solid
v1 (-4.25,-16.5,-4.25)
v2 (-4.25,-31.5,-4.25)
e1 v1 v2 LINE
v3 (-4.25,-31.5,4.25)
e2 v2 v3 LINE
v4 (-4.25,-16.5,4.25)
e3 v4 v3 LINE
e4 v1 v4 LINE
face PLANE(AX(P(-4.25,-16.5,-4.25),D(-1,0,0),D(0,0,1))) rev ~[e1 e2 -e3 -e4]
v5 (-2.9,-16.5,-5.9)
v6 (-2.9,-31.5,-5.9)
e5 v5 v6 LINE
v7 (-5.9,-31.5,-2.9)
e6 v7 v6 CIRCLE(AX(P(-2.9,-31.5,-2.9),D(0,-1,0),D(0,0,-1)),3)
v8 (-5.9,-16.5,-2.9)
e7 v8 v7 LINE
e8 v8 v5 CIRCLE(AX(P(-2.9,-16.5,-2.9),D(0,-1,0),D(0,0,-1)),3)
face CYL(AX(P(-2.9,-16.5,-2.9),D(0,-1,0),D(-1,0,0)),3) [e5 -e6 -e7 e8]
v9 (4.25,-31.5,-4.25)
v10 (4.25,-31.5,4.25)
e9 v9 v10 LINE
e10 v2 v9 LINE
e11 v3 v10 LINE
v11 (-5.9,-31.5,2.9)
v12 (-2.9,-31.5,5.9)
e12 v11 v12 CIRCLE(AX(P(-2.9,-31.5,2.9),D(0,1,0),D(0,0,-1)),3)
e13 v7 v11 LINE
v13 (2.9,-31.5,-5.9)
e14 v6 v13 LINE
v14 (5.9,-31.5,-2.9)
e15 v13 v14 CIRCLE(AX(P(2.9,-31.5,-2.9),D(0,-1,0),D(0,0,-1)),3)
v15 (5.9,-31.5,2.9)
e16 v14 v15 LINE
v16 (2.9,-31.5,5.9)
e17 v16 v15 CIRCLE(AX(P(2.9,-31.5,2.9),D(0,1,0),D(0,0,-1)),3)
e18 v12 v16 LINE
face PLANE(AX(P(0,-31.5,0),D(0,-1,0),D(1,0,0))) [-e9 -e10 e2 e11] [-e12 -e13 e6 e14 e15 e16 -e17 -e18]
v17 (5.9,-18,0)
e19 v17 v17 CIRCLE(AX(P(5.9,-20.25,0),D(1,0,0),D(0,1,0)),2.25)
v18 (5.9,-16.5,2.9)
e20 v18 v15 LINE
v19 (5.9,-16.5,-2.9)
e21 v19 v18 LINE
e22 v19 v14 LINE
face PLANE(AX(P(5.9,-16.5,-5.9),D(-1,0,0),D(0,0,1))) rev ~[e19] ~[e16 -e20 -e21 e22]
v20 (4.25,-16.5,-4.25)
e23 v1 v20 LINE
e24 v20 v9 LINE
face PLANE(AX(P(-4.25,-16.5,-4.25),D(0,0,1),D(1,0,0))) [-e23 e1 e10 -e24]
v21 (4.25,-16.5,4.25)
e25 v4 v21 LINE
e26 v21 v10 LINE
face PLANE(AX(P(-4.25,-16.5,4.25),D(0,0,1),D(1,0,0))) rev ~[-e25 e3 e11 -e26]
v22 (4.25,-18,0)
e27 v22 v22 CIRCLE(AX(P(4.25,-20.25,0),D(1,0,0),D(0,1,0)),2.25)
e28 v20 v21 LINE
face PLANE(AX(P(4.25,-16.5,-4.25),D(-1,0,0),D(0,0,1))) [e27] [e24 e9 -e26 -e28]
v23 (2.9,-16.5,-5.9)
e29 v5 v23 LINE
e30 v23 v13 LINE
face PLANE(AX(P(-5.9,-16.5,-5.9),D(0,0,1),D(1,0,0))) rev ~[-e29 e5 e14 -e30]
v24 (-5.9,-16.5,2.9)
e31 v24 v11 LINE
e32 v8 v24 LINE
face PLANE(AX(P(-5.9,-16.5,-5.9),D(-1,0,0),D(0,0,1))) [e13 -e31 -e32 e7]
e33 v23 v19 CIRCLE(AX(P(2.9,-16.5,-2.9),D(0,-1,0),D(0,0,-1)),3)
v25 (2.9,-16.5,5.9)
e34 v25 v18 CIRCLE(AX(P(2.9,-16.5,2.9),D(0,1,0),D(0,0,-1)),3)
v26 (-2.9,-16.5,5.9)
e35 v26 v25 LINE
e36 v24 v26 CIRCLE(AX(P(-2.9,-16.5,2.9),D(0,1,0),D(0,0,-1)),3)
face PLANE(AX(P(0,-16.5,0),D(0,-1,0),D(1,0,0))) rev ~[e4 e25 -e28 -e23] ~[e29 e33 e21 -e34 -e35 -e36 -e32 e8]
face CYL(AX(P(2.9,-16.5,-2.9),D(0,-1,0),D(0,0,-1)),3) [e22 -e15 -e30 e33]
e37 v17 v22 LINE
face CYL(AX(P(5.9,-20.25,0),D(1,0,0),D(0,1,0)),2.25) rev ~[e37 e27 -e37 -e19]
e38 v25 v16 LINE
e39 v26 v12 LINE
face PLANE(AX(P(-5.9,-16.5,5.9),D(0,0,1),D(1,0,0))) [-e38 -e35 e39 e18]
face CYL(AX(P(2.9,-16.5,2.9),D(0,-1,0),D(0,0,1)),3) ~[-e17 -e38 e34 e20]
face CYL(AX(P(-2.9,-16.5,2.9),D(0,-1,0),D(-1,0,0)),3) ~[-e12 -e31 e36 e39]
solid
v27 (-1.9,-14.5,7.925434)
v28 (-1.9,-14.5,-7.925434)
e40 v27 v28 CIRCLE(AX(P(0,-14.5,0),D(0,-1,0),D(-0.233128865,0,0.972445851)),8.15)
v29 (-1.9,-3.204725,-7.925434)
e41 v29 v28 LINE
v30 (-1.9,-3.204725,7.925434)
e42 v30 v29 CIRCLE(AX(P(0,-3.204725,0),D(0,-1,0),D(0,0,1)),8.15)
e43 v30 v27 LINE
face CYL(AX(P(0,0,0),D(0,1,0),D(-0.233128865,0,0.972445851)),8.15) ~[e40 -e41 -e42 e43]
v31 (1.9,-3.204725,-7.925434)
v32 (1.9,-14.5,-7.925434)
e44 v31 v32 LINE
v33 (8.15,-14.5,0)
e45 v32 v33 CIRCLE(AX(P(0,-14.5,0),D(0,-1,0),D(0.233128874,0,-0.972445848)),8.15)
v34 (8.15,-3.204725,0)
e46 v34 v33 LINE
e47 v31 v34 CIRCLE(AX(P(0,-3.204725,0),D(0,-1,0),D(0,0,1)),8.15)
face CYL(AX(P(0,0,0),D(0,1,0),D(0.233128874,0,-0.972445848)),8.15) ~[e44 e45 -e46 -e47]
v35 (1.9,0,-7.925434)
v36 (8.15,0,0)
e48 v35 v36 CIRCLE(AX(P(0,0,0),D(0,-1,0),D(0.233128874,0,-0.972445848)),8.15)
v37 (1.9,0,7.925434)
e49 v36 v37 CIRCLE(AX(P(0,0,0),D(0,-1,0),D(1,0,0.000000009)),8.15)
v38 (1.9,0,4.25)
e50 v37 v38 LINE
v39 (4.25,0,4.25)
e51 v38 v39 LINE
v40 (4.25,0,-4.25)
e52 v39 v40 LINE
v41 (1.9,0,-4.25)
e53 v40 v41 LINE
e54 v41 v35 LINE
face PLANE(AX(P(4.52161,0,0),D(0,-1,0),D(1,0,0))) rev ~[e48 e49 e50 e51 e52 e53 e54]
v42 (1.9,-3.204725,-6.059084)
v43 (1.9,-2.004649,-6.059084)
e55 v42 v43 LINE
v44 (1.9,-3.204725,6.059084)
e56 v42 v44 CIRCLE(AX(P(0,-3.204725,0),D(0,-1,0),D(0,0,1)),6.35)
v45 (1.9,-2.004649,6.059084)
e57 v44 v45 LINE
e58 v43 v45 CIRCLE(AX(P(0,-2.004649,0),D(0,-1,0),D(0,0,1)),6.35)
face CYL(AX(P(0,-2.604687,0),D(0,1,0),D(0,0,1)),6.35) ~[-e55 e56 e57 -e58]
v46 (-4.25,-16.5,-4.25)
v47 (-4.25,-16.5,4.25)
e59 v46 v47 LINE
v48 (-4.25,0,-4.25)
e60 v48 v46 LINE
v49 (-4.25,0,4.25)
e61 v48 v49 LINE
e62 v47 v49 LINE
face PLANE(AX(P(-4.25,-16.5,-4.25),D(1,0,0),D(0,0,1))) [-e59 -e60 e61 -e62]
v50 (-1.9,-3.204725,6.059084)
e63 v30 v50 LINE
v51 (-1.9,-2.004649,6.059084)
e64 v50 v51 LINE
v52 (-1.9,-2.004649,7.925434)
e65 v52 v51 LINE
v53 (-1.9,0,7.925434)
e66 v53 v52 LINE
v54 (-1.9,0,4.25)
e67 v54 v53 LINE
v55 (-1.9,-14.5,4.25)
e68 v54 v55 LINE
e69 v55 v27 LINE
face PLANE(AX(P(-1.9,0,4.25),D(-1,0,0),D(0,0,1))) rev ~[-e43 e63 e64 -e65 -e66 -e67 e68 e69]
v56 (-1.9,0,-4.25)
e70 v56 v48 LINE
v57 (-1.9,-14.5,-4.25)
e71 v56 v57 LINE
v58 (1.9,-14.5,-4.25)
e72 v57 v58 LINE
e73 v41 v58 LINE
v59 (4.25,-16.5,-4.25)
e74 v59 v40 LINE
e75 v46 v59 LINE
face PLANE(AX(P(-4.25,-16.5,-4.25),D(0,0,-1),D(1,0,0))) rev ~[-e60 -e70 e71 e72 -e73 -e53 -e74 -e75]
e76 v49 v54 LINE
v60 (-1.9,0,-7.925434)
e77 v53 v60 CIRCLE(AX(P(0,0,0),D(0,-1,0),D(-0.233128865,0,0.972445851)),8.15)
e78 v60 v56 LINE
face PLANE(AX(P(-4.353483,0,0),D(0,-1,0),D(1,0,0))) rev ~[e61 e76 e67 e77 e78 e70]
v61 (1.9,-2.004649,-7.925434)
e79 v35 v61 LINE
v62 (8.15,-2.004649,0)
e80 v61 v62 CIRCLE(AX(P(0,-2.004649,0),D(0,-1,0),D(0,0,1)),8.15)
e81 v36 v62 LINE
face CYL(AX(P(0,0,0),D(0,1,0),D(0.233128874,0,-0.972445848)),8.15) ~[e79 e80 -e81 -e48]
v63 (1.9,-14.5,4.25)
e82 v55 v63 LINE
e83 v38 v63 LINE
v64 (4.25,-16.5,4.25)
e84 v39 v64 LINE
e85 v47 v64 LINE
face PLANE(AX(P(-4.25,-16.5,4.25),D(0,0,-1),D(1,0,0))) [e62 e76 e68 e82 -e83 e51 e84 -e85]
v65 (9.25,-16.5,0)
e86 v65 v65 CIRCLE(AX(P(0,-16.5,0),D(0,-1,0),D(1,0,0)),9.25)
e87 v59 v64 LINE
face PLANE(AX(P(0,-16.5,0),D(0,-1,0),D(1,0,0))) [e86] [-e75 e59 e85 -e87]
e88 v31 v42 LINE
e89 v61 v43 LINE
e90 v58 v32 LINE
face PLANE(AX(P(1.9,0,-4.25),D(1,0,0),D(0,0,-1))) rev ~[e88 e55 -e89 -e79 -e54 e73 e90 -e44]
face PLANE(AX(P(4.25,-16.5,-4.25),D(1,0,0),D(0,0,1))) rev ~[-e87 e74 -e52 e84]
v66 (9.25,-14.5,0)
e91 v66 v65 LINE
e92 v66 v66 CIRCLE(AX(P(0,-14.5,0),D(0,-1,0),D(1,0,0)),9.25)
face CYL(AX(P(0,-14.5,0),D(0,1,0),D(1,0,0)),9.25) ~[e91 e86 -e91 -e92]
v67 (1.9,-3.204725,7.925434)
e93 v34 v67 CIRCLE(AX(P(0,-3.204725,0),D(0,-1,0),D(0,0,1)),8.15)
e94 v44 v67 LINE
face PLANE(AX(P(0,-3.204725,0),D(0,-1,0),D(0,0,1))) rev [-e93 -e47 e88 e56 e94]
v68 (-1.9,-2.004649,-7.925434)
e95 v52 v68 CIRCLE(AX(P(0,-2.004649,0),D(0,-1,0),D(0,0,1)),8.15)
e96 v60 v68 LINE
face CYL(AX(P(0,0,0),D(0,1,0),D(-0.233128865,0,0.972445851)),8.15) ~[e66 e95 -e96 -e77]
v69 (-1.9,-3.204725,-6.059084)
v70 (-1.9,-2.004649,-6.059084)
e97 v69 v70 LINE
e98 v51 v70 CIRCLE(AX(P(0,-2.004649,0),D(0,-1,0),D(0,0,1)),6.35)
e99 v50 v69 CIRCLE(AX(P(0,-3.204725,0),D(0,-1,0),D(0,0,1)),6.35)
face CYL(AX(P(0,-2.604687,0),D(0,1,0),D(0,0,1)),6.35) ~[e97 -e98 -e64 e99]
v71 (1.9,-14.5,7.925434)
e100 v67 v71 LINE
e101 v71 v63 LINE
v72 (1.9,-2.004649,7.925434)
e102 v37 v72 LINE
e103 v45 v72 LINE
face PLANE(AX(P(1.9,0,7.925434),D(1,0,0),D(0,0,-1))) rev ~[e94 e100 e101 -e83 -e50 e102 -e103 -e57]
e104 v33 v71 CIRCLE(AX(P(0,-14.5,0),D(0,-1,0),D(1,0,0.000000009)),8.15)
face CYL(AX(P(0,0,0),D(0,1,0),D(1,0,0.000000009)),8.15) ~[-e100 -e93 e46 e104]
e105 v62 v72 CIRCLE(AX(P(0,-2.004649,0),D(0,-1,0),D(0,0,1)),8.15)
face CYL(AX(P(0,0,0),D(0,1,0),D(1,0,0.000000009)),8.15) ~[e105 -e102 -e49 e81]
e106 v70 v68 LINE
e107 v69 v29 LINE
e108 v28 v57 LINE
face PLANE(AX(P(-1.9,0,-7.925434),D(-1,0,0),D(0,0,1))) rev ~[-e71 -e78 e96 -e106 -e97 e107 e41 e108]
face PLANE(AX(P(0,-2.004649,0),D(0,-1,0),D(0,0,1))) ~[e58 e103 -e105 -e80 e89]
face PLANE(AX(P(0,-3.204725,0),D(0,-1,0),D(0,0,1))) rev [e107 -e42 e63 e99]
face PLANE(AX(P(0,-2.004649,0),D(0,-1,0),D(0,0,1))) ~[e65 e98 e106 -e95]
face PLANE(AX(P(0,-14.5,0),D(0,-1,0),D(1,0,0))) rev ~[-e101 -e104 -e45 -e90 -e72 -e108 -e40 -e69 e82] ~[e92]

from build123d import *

# Parameters (mm, degrees)
F1_DEPTH  = 14.5
F2_W      = 1.200076
F2_H      = 1.8
F4_R      = 9.25
F5_DEPTH  = 2
F6_W      = 11.8
F6_H      = 11.8
F6_W_2    = 8.5
F6_H_2    = 8.5
F7_DEPTH  = 15
F8_R      = 2.25
F9_DEPTH  = 1.65
F10_R     = 3
F11_DEPTH = 16.501


with BuildPart() as f1:
    # F0 (on Front) → F1 (new body)
    with BuildSketch(Plane.XZ):
        with BuildLine():
            ThreePointArc((1.9, -7.925434), (6.399512, -5.046657), (8.15, 0))
            ThreePointArc((8.15, 0), (6.399512, 5.046657), (1.9, 7.925434))
            Line((1.9, 7.925434), (1.9, 4.25))
            Line((1.9, 4.25), (4.25, 4.25))
            Line((4.25, 4.25), (4.25, -4.25))
            Line((4.25, -4.25), (1.9, -4.25))
            Line((1.9, -4.25), (1.9, -7.925434))
        make_face()
        with BuildLine():
            Line((-1.9, 4.25), (-1.9, 7.925434))
            ThreePointArc((-1.9, 7.925434), (-8.15, 0), (-1.9, -7.925434))
            Line((-1.9, -7.925434), (-1.9, -4.25))
            Line((-1.9, -4.25), (-4.25, -4.25))
            Line((-4.25, -4.25), (-4.25, 4.25))
            Line((-4.25, 4.25), (-1.9, 4.25))
        make_face()
    extrude(amount=F1_DEPTH)

    # F2 (on Right) → F3 (revolve, cut)
    with BuildSketch(Plane.YZ):
        with Locations((-2.604687, 7.25)):
            Rectangle(F2_W, F2_H)
    revolve(axis=Axis((0, -1, 0), (0, -1, 0)), mode=Mode.SUBTRACT)

    # F4 (on face) → F5 (join)
    with BuildSketch(Plane.XZ.offset(14.5)):
        Circle(F4_R)
    extrude(amount=F5_DEPTH)

    # F6 (on face) → F11 (cut, through all)
    with BuildSketch(Plane.XZ.offset(16.5)):
        Rectangle(F6_W_2, F6_H_2)
    extrude(amount=-F11_DEPTH, mode=Mode.SUBTRACT)


with BuildPart() as f7:
    # F6 (on face) → F7 (new body)
    with BuildSketch(Plane.XZ.offset(16.5)):
        Rectangle(F6_W, F6_H)
        Rectangle(F6_W_2, F6_H_2, mode=Mode.SUBTRACT)
    extrude(amount=F7_DEPTH)

    # F8 (on face) → F9 (cut, through all)
    with BuildSketch(Plane.YZ.offset(5.9)):
        with Locations((-20.25, 0)):
            Circle(F8_R)
    extrude(amount=-F9_DEPTH, mode=Mode.SUBTRACT)

    # F10
    f10_edges = [f7.edges().sort_by_distance(p)[0] for p in [
        (-5.9, -24, 5.9),
        (-5.9, -24, -5.9),
        (5.9, -24, 5.9),
        (5.9, -24, -5.9),
    ]]
    fillet(f10_edges, radius=F10_R)


solid = Compound([f1.part, f7.part])
